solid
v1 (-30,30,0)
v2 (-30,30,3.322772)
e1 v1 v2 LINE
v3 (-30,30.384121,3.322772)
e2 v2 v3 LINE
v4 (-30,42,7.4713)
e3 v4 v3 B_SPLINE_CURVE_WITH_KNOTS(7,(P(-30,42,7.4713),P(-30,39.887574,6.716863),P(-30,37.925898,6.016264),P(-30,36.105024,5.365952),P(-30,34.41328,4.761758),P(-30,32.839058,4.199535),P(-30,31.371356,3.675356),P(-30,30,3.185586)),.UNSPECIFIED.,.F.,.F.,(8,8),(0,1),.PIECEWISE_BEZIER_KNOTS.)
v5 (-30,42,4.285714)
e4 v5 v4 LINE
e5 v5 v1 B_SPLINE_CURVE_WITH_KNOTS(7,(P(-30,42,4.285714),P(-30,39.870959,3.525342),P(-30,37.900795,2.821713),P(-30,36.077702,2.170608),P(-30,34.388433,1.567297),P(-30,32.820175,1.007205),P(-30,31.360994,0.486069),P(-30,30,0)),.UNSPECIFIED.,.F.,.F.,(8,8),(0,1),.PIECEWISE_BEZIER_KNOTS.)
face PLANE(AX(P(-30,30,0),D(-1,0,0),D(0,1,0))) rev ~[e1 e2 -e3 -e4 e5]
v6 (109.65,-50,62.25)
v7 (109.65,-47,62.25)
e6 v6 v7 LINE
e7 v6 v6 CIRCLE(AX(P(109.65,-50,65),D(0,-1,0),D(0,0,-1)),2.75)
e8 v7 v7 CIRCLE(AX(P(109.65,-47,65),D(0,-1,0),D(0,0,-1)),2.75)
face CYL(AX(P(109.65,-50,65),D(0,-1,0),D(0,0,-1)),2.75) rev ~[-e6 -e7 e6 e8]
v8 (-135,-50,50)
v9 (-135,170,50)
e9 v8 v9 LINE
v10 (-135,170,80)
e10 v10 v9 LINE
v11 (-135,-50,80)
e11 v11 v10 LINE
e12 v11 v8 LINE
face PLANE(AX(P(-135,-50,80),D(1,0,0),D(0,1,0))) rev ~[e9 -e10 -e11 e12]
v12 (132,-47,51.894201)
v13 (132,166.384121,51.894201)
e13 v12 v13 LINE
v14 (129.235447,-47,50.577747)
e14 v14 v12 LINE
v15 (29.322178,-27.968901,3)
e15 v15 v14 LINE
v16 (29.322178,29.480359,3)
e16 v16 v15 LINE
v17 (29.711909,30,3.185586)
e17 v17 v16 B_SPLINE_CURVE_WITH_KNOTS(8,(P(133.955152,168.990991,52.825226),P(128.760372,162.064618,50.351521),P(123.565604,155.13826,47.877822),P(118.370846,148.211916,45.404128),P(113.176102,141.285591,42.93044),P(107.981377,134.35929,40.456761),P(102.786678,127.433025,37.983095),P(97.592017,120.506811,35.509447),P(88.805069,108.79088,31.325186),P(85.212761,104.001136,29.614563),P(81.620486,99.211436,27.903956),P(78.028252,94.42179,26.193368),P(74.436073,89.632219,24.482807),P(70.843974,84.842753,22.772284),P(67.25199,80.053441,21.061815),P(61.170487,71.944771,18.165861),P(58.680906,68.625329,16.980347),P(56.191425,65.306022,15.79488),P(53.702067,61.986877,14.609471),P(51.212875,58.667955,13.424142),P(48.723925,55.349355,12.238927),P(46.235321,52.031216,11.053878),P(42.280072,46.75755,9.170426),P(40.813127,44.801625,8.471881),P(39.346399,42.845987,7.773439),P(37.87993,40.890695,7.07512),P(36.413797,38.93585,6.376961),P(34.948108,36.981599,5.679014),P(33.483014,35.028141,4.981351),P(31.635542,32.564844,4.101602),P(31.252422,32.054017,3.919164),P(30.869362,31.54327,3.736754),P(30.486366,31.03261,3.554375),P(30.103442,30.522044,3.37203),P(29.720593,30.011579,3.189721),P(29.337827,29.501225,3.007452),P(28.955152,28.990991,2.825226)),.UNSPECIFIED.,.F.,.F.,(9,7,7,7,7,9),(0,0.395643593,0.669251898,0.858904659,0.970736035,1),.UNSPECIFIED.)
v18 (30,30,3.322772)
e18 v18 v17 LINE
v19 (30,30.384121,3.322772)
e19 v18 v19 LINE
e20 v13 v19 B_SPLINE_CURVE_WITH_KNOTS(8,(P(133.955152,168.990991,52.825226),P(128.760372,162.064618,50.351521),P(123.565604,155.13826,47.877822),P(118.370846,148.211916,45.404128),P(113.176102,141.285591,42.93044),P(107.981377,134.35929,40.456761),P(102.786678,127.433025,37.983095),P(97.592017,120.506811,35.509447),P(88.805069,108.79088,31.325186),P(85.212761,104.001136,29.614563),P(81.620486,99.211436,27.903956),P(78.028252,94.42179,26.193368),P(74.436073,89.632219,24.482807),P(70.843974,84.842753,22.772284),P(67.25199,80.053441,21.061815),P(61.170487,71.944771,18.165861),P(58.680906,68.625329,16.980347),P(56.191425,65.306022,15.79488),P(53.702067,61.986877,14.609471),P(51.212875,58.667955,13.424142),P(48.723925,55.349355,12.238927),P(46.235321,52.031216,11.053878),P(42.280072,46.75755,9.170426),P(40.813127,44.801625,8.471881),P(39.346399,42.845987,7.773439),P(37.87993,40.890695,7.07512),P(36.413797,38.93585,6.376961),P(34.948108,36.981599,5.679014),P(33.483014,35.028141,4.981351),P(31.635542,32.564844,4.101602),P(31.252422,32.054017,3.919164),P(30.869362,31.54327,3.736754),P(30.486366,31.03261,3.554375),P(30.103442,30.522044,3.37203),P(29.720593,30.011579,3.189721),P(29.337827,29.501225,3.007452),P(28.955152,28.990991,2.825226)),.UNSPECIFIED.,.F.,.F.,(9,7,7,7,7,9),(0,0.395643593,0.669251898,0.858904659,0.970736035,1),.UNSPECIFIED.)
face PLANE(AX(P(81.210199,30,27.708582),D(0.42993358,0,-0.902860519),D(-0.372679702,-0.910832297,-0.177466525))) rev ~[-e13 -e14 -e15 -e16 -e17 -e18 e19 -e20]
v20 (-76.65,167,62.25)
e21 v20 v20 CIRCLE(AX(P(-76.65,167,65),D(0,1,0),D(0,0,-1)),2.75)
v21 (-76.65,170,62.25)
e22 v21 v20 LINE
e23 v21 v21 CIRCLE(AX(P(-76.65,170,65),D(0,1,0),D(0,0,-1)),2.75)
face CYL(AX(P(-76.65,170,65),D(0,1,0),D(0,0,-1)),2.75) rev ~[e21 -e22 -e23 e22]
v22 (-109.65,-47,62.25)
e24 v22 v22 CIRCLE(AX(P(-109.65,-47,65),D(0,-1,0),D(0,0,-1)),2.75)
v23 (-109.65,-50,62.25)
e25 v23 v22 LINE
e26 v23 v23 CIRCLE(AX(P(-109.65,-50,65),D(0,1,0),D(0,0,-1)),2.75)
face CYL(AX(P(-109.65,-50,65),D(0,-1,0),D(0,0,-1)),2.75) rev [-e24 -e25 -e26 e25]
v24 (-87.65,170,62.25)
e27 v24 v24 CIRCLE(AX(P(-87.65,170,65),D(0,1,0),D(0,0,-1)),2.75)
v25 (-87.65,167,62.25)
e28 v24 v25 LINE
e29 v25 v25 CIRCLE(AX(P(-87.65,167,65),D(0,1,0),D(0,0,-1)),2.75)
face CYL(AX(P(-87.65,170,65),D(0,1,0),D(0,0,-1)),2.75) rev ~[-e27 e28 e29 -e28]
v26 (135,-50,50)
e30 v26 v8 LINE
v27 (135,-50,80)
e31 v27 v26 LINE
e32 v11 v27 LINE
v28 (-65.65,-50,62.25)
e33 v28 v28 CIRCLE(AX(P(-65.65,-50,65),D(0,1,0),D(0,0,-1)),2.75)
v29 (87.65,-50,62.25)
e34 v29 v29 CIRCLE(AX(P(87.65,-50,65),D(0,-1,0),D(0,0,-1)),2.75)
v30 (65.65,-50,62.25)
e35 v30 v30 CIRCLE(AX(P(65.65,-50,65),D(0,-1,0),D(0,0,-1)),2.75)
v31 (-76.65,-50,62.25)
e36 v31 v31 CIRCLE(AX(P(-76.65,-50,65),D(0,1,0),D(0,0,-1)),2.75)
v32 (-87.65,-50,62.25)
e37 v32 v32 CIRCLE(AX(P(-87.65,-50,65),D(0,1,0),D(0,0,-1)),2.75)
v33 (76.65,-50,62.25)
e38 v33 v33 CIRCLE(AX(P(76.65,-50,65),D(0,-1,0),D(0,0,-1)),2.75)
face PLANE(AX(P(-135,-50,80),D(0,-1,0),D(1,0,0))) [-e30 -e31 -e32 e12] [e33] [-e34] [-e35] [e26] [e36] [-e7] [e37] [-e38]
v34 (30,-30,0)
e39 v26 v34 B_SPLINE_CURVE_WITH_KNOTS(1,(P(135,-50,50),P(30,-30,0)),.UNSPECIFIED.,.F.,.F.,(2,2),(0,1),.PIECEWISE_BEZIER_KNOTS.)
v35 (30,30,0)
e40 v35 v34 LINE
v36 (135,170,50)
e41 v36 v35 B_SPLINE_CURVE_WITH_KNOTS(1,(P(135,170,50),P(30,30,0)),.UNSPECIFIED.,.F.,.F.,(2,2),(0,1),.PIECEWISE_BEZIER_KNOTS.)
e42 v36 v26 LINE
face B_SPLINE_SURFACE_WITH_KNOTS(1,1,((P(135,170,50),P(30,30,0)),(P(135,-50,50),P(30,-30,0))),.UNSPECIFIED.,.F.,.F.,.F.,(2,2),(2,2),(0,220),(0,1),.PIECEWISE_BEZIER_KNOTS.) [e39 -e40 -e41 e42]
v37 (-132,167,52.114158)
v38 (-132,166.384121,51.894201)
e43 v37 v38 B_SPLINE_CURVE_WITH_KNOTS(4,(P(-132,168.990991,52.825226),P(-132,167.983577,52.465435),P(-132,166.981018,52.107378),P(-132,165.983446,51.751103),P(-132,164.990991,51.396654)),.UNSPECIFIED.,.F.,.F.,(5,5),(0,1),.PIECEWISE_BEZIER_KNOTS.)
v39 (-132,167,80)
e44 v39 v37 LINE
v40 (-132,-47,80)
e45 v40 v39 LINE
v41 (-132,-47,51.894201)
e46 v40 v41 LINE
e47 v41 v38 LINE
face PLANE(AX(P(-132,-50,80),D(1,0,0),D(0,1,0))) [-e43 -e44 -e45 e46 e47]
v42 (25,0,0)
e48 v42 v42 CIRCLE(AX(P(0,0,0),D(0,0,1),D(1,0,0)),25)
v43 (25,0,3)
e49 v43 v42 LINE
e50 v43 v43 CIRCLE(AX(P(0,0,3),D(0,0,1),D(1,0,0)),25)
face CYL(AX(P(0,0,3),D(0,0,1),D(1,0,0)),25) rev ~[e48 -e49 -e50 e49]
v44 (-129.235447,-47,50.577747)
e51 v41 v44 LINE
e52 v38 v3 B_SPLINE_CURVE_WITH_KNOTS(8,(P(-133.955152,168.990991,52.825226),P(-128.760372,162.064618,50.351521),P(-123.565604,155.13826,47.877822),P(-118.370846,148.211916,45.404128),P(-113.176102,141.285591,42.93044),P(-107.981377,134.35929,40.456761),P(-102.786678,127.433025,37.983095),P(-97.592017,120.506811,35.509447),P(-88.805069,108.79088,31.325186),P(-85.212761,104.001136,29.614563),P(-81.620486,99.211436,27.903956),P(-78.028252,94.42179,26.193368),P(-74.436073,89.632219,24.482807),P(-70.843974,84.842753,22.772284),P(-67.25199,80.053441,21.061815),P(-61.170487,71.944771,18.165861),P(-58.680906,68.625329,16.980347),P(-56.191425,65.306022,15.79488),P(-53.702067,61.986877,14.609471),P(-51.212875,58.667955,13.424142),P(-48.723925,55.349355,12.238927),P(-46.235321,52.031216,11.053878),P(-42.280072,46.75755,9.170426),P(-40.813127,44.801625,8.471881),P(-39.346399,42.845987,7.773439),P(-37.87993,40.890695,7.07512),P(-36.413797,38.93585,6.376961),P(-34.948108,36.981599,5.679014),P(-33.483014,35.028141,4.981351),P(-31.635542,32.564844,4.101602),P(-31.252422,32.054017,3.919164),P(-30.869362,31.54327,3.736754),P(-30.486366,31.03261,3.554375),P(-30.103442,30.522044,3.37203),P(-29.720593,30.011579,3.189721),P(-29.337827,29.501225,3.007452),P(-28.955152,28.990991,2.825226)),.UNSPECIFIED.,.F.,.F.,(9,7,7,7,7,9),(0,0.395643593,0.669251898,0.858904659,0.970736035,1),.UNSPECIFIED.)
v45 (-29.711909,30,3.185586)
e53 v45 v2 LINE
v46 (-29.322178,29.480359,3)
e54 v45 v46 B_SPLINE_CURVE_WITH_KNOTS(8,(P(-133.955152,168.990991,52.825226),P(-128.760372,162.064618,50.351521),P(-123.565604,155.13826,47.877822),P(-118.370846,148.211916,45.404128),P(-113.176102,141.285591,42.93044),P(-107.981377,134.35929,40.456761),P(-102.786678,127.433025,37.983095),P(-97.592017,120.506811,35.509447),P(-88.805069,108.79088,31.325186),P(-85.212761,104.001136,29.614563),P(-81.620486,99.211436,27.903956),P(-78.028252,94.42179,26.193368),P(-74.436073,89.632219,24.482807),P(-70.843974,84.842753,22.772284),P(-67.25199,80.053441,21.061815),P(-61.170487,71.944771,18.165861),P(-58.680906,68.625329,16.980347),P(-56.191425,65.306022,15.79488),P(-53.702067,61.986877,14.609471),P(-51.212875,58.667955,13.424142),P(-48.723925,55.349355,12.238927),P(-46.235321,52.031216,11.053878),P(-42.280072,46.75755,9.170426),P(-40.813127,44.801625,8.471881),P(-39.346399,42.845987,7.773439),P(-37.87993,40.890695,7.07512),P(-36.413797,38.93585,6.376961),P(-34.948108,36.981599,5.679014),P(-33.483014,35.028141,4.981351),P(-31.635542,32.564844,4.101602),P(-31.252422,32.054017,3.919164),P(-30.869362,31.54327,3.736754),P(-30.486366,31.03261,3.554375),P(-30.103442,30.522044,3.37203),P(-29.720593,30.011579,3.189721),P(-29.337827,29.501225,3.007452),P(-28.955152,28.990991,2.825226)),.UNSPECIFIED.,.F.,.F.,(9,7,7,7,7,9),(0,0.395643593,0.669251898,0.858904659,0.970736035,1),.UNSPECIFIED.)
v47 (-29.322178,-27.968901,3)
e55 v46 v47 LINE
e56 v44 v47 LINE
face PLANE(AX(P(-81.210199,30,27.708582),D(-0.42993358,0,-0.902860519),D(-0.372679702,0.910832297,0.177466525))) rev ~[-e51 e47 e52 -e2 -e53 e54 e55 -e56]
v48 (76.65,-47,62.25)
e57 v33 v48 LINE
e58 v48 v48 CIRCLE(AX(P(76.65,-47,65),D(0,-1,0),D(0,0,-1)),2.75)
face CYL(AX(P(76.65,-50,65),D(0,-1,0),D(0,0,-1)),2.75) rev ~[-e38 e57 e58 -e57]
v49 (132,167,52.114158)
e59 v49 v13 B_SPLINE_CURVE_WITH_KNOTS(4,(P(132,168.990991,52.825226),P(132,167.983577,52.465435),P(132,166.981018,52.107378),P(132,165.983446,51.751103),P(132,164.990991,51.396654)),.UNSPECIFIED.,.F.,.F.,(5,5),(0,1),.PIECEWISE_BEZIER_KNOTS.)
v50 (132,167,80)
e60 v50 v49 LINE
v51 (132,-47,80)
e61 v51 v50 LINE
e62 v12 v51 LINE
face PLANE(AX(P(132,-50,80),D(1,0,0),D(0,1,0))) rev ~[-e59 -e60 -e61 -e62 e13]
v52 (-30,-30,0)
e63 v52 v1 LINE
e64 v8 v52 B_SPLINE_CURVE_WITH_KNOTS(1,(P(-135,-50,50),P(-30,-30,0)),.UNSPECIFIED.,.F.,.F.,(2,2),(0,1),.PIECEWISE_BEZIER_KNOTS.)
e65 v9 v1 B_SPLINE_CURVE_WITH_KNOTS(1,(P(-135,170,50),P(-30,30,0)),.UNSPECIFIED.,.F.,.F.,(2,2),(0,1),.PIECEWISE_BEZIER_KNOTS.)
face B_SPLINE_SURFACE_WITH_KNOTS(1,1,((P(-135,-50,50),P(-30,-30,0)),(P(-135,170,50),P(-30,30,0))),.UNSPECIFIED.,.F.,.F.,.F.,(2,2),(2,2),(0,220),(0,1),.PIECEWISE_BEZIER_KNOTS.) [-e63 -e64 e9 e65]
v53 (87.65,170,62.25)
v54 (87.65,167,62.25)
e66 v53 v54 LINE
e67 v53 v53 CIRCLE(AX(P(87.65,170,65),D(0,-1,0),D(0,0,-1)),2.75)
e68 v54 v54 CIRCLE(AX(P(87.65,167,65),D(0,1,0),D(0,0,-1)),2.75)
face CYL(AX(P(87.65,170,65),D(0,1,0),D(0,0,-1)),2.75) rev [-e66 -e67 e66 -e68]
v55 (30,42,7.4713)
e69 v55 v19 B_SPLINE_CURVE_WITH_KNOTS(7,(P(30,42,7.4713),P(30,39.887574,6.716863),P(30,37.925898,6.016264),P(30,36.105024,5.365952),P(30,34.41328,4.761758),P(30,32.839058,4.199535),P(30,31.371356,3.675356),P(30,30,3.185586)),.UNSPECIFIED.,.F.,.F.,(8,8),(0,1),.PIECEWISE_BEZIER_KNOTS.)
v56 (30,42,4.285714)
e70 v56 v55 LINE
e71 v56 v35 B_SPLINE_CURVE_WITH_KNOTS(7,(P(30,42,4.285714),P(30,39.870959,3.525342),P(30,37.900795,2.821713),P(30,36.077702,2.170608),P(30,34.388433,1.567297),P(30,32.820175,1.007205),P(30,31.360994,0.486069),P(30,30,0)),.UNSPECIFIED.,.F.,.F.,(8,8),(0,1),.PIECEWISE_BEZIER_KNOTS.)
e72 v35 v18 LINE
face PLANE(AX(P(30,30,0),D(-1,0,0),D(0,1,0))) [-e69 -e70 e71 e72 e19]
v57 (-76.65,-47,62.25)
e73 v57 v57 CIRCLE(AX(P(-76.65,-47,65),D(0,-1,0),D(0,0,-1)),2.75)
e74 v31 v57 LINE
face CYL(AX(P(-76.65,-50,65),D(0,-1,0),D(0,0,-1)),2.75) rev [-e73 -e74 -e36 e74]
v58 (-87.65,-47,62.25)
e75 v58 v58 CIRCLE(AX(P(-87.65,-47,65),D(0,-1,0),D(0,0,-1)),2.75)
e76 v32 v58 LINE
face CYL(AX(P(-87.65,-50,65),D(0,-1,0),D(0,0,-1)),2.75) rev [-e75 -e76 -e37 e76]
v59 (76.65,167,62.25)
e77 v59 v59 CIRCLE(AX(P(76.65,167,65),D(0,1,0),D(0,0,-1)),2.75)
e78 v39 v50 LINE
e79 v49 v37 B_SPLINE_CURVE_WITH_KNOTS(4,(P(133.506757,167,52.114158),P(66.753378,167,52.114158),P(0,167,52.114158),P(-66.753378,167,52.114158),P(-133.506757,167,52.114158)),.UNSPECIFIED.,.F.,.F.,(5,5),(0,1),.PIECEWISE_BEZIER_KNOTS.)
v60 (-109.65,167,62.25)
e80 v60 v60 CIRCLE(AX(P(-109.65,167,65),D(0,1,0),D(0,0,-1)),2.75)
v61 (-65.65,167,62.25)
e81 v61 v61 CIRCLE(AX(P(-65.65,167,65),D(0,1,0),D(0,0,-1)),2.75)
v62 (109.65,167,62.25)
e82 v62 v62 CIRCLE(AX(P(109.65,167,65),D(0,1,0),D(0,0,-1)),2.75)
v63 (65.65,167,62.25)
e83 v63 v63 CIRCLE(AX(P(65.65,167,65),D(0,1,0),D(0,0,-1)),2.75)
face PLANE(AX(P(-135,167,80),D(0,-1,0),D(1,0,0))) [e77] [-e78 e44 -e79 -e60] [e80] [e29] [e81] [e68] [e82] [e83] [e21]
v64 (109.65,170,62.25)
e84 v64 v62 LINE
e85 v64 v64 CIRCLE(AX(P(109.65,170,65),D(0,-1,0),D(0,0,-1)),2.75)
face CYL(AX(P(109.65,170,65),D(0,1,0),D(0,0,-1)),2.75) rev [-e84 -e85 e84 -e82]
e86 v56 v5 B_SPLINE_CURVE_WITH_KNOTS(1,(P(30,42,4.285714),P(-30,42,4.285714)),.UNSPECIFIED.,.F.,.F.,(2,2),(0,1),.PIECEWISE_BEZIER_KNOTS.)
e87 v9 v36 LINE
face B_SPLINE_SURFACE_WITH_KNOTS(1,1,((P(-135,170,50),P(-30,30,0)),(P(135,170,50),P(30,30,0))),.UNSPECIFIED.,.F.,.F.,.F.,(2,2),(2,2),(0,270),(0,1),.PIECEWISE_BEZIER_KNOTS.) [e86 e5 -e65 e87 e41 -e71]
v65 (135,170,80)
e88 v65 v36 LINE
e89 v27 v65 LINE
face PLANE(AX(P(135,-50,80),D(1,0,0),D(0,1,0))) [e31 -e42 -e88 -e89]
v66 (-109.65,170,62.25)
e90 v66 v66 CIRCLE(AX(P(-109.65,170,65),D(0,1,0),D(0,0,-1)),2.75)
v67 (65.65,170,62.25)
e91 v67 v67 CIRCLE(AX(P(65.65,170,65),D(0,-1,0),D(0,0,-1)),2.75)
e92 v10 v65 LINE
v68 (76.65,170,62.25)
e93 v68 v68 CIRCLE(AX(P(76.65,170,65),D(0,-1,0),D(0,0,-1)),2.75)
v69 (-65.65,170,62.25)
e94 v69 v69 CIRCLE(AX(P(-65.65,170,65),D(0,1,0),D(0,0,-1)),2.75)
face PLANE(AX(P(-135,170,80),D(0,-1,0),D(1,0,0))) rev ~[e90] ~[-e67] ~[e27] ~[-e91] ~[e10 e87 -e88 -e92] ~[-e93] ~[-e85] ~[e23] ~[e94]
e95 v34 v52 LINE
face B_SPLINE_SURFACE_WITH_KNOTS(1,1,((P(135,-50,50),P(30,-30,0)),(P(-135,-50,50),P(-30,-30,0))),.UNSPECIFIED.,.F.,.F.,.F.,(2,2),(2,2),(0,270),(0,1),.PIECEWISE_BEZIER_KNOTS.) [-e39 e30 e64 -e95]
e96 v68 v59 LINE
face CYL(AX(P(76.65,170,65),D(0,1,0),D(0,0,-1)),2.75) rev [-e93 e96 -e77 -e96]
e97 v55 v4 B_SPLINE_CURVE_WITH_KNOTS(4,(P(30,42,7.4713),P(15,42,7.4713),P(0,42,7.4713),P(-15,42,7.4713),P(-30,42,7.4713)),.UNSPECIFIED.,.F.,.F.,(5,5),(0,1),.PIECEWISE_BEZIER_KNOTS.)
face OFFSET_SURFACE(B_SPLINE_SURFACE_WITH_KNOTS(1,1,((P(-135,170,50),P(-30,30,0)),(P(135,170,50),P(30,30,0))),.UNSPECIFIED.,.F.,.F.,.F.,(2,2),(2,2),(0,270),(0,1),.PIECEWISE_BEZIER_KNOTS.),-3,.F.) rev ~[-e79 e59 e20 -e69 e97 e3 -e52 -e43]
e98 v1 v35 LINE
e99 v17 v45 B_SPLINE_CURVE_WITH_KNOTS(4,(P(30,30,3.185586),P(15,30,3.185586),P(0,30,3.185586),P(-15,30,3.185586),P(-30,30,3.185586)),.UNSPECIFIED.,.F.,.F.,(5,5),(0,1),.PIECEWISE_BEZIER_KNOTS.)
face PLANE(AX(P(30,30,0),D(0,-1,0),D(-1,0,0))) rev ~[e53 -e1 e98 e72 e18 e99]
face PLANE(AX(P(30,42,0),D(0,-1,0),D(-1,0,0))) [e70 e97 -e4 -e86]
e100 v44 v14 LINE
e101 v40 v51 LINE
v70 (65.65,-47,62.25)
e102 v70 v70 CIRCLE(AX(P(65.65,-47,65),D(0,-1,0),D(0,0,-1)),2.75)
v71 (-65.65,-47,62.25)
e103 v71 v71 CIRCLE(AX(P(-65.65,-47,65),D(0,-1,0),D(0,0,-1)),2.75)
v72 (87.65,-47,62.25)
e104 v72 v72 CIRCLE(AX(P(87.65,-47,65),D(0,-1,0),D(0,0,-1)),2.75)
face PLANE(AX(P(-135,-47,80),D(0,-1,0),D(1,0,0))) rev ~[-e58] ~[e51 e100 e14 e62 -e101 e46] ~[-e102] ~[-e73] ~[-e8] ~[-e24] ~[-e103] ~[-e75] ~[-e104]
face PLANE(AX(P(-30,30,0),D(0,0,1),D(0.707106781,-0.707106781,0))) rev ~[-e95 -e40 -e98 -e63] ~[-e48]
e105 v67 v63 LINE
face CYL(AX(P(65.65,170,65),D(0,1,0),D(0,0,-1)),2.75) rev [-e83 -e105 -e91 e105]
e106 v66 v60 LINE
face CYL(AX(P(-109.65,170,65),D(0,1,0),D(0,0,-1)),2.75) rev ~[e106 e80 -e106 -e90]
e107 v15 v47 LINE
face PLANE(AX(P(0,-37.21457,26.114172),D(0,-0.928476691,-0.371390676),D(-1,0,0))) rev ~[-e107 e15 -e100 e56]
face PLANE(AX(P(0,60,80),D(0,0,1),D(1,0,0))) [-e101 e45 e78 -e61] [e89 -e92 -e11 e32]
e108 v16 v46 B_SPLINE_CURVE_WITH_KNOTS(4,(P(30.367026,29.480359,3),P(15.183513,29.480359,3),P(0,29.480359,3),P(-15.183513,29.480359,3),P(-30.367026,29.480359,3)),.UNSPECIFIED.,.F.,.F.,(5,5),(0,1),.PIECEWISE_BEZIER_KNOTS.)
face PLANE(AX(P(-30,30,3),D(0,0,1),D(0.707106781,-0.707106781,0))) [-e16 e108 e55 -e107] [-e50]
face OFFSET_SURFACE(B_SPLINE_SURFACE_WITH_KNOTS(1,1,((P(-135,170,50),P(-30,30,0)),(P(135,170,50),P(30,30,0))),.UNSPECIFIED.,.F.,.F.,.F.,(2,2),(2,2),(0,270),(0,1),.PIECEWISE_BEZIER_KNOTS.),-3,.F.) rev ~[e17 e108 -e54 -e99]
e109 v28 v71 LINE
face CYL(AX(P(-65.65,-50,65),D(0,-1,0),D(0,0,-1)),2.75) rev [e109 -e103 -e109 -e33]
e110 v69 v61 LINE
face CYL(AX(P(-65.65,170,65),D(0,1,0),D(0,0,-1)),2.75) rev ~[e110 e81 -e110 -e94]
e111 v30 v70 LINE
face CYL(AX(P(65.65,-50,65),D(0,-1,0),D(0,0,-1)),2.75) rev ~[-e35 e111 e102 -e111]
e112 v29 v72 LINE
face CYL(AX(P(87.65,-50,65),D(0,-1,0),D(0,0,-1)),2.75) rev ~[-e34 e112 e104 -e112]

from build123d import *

# Parameters (mm, degrees)
EXTRUDE_1_REACH          = 233.355
SKETCH_5_W               = 270
SKETCH_5_H               = 220
SHELL_1_T                = -3
SKETCH_3_R               = 25
CUT_EXTRUDE_1_DEPTH      = 10
SKETCH_4_W               = 60
SKETCH_4_H               = 12
CUT_EXTRUDE_2_DEPTH      = 30
SKETCH_6_R               = 2.75
CUT_EXTRUDE_3_DEPTH      = 10
MIRROR_2_COPY_1_SKETCH_R = 2.75
MIRROR_2_COPY_1_DEPTH    = 10


with BuildPart() as part:
    # 草图2 → 放样2 section 0
    with BuildSketch(Plane.XY.offset(50)):
        with BuildLine():
            Line((-135, 170), (135, 170))
            Line((135, 170), (135, -50))
            Line((135, -50), (-135, -50))
            Line((-135, -50), (-135, 170))
        make_face()
    # 草图1 → 放样2 section 1
    with BuildSketch(Plane.XY):
        with BuildLine():
            Line((-30, 30), (30, 30))
            Line((30, 30), (30, -30))
            Line((30, -30), (-30, -30))
            Line((-30, -30), (-30, 30))
        make_face()
    loft()

    # 草图5 → 凸台-拉伸1 (add, up to next)
    with BuildSketch(Plane.XY.offset(80), mode=Mode.PRIVATE) as extrude_1_sk1:
        with Locations((0, 60)):
            Rectangle(SKETCH_5_W, SKETCH_5_H)
    extrude_1_tool1 = extrude(extrude_1_sk1.sketch, amount=-EXTRUDE_1_REACH, mode=Mode.PRIVATE) - part.part
    add(extrude_1_tool1.solids().sort_by_distance((0, 60, 80))[0])

    # 抽壳1
    shell_1_openings = [part.faces().sort_by_distance(p)[0] for p in [
        (0, 60, 80),
    ]]
    offset(amount=SHELL_1_T, openings=shell_1_openings)

    # 草图3 → 切除-拉伸1 (cut)
    with BuildSketch(Plane.XY.offset(3)):
        Circle(SKETCH_3_R)
    extrude(amount=-CUT_EXTRUDE_1_DEPTH, mode=Mode.SUBTRACT)

    # 草图4 → 切除-拉伸2 (cut)
    with BuildSketch(Plane(origin=(0, 0, 0), x_dir=(-1, 0, 0), z_dir=(0, 0, -1))):
        with Locations((0, 36)):
            Rectangle(SKETCH_4_W, SKETCH_4_H)
    extrude(amount=-CUT_EXTRUDE_2_DEPTH, mode=Mode.SUBTRACT)

    # 草图6 → 切除-拉伸3 (cut)
    with BuildSketch(Plane.XZ.offset(50)):
        with Locations(Location((65.65, 65, 0), (0, 0, 270))):
            Circle(SKETCH_6_R)
        with Locations(Location((76.65, 65, 0), (0, 0, 270))):
            Circle(SKETCH_6_R)
        with Locations(Location((87.65, 65, 0), (0, 0, 270))):
            Circle(SKETCH_6_R)
        with Locations(Location((109.65, 65, 0), (0, 0, 270))):
            Circle(SKETCH_6_R)
    cut_extrude_3 = extrude(amount=-CUT_EXTRUDE_3_DEPTH, mode=Mode.SUBTRACT)

    # 镜向1: 切除-拉伸3 across plane
    add(cut_extrude_3.mirror(Plane(origin=(0, 60, 0), x_dir=(0, 0, 1), z_dir=(0, -1, 0))), mode=Mode.SUBTRACT)

    # 镜向2: 切除-拉伸3 across plane
    add(cut_extrude_3.mirror(Plane(origin=(0, 0, 0), x_dir=(0, 0, 1), z_dir=(1, 0, 0))), mode=Mode.SUBTRACT)

    # 镜向2 copy 1 sketch → 镜向2 copy 1 (cut)
    with BuildSketch(Plane(origin=(0, 170, 0), x_dir=(-1, 0, 0), z_dir=(0, 1, 0))):
        with Locations(Location((65.65, 65, 0), (0, 0, 270))):
            Circle(MIRROR_2_COPY_1_SKETCH_R)
        with Locations(Location((76.65, 65, 0), (0, 0, 270))):
            Circle(MIRROR_2_COPY_1_SKETCH_R)
        with Locations(Location((87.65, 65, 0), (0, 0, 270))):
            Circle(MIRROR_2_COPY_1_SKETCH_R)
        with Locations(Location((109.65, 65, 0), (0, 0, 270))):
            Circle(MIRROR_2_COPY_1_SKETCH_R)
    extrude(amount=-MIRROR_2_COPY_1_DEPTH, mode=Mode.SUBTRACT)


solid = part.part
